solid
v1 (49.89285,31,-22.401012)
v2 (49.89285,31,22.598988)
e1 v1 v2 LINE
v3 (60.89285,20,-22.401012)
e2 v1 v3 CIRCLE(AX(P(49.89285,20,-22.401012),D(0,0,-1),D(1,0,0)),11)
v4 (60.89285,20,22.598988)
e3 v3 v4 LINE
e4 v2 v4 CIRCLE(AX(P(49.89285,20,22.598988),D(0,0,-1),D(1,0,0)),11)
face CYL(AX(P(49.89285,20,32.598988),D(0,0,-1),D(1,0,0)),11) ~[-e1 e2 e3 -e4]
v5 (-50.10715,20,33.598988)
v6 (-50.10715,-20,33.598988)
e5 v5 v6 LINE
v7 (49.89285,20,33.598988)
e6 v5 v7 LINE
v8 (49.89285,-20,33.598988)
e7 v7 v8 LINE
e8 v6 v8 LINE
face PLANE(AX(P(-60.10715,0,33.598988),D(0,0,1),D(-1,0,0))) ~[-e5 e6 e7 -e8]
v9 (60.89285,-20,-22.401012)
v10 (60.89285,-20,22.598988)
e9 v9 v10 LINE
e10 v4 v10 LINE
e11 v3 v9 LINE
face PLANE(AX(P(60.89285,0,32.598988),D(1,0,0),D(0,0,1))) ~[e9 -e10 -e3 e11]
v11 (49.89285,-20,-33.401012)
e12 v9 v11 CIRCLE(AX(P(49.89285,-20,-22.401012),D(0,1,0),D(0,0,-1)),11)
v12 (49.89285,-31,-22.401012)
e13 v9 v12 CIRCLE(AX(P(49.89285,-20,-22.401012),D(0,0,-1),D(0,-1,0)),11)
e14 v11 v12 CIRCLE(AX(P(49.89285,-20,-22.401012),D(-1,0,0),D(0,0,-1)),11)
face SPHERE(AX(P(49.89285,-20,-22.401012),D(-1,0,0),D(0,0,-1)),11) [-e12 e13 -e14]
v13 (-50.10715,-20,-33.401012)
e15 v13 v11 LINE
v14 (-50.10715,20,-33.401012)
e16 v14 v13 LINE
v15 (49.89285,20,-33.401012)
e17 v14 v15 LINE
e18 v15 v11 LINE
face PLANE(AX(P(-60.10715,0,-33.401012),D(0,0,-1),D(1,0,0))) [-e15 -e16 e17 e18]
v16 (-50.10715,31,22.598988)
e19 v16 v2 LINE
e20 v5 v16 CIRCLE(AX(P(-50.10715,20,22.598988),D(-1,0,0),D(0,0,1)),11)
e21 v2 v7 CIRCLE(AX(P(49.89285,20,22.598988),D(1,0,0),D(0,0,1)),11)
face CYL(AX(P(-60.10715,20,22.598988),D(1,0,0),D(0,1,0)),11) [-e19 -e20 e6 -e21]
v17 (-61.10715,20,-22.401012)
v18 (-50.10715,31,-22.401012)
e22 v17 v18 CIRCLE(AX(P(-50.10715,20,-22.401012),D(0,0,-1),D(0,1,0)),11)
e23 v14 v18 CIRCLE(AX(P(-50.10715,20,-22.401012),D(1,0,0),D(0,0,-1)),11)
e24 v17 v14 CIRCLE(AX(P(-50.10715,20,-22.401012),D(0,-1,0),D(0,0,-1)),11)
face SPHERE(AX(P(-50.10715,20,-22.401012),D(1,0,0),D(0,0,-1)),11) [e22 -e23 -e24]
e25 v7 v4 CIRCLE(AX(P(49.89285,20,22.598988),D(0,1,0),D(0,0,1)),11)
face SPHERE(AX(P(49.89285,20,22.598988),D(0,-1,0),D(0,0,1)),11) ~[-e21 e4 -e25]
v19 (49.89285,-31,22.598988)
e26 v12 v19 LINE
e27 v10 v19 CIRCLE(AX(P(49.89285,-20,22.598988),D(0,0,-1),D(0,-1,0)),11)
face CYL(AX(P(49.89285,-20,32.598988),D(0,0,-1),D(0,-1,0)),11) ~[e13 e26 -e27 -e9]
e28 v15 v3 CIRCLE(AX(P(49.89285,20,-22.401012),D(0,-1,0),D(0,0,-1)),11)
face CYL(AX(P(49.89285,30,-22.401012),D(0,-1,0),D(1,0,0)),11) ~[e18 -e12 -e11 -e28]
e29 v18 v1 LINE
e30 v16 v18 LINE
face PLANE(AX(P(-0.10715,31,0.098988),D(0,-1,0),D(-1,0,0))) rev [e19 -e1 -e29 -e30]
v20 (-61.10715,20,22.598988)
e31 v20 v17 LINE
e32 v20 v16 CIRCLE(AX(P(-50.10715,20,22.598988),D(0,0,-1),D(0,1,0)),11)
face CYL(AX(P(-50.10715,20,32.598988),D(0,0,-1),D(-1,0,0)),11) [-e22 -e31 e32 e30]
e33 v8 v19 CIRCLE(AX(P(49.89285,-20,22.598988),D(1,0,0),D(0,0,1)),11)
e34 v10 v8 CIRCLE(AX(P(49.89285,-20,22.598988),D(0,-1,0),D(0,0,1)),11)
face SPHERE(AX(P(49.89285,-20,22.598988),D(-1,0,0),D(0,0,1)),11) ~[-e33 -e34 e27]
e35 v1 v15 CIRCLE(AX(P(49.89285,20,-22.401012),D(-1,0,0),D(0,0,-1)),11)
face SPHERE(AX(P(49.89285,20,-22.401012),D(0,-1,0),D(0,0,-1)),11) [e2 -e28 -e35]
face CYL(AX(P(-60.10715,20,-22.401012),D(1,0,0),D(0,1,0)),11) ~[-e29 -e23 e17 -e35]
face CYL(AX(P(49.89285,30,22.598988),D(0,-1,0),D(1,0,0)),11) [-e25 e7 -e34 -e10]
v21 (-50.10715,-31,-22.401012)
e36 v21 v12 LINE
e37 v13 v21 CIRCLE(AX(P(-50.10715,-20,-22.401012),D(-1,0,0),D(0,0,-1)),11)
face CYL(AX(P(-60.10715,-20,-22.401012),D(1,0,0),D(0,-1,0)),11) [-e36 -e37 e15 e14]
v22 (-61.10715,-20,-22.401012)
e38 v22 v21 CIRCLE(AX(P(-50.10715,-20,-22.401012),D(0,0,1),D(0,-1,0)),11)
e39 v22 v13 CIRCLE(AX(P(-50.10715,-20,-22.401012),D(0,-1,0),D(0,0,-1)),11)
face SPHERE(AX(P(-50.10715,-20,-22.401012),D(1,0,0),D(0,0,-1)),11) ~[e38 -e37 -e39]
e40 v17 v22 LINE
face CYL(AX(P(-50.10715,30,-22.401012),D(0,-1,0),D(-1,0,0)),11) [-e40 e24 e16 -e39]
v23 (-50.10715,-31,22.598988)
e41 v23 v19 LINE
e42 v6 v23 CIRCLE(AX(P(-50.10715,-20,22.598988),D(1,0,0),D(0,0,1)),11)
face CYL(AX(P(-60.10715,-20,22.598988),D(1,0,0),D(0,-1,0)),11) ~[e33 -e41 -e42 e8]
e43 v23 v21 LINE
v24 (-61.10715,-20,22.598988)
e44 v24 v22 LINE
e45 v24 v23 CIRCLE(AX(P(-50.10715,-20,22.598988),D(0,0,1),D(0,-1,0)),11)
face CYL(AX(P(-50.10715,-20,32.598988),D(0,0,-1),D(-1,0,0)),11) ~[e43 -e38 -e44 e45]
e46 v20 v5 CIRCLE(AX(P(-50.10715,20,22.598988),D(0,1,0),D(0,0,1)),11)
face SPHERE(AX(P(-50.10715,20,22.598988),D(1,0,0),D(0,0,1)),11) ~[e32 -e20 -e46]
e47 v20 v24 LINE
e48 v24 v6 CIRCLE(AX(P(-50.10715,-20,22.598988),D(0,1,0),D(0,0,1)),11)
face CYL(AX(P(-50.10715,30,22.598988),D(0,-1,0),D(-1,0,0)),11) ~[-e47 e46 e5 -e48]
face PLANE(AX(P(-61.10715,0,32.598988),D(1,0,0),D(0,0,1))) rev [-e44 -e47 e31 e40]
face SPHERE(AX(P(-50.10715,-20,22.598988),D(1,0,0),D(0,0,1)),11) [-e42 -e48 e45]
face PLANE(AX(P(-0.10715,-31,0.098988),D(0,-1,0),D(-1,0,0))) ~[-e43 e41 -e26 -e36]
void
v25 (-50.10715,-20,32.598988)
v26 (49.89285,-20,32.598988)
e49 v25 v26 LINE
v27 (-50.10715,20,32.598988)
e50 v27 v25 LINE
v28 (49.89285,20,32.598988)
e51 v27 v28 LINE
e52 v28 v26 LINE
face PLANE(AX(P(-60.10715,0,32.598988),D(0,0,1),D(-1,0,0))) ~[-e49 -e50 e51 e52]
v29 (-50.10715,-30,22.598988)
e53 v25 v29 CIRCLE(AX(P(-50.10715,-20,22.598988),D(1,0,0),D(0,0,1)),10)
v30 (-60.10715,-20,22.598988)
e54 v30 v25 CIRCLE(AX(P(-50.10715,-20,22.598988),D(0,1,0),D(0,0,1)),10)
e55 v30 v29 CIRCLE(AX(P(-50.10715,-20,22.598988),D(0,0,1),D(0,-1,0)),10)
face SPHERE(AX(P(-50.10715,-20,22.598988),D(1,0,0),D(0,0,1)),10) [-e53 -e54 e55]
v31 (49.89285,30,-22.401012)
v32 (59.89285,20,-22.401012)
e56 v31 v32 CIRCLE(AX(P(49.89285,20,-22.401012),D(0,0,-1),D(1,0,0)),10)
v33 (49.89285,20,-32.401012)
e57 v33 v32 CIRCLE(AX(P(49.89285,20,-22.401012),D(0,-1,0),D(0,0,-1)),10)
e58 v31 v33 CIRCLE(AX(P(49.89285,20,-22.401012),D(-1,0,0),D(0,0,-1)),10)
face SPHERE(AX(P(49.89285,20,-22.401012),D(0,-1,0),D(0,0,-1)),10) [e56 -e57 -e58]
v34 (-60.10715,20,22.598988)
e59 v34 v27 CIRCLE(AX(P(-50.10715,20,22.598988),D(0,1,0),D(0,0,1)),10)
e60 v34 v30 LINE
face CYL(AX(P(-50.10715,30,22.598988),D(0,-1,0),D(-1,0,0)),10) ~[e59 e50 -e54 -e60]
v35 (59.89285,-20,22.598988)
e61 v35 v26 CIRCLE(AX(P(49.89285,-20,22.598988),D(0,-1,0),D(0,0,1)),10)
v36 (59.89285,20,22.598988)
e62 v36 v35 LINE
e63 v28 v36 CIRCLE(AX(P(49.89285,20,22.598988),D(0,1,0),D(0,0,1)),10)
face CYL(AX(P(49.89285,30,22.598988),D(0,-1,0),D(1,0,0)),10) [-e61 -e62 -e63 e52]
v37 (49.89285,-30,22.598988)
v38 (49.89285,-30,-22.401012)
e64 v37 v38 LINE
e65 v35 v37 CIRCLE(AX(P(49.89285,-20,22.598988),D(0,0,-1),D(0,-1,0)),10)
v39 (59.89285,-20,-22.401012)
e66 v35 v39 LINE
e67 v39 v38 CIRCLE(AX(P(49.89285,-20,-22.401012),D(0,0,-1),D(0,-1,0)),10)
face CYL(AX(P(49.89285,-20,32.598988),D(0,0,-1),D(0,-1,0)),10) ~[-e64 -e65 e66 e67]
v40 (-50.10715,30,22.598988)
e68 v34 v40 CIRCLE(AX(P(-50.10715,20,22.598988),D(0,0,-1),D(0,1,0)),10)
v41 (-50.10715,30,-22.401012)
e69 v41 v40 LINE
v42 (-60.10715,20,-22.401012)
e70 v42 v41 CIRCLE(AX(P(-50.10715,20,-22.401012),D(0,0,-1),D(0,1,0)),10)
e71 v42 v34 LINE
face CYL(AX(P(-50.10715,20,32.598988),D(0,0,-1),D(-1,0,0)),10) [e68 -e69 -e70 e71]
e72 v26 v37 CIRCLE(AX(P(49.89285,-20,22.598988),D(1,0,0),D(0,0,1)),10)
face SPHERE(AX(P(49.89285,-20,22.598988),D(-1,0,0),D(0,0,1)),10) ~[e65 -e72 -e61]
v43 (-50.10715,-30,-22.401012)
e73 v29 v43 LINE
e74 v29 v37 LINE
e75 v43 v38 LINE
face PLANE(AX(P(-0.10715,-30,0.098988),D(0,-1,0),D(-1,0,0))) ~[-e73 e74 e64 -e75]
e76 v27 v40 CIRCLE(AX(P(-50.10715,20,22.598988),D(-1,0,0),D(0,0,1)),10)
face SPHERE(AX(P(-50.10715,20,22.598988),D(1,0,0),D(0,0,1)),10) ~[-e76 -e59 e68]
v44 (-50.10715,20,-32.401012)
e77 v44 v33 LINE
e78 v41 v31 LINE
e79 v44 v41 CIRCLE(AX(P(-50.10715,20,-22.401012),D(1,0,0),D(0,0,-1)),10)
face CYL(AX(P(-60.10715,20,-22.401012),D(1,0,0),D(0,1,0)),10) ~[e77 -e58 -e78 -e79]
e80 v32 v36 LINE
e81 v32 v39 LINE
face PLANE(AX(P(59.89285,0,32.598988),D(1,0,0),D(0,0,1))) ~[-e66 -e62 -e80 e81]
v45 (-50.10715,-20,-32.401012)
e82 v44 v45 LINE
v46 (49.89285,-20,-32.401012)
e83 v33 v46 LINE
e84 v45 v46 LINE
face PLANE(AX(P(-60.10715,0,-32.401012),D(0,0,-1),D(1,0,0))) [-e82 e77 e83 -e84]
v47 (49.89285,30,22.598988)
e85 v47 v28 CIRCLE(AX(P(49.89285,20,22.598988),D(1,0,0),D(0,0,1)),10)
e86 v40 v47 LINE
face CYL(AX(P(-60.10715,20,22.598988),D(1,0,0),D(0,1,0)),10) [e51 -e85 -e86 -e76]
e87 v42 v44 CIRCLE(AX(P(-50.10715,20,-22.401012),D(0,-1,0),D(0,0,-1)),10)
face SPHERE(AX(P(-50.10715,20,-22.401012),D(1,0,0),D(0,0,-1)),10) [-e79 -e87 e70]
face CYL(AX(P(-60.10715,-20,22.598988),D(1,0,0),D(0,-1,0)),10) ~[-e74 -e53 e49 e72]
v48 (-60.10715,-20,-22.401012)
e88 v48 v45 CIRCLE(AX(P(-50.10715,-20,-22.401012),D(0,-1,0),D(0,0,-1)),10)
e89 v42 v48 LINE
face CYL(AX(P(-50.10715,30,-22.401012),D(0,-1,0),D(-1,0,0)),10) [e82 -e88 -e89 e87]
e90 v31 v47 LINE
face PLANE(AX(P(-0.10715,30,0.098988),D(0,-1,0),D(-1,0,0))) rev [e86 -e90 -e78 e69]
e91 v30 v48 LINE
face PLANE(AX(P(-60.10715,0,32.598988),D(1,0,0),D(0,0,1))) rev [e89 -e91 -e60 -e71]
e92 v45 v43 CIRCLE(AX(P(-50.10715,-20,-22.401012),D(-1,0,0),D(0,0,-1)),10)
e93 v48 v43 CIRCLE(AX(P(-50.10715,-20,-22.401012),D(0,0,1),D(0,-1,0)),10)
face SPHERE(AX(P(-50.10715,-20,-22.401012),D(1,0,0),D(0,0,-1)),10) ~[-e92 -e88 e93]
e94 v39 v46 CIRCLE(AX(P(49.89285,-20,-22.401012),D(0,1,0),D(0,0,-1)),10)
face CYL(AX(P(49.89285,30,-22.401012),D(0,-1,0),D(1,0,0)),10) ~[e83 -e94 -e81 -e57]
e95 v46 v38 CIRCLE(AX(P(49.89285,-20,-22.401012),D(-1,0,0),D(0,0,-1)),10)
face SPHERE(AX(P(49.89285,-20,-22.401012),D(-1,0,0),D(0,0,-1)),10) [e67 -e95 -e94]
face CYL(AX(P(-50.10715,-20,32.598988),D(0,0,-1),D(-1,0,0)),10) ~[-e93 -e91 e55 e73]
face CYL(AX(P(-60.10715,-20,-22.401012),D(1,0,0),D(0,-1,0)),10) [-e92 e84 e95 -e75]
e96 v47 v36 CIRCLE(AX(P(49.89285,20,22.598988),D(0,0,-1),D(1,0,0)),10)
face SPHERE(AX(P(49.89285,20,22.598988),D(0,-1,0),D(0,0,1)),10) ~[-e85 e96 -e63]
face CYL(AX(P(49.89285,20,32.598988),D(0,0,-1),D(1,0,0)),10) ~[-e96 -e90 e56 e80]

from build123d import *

# Parameters (mm, degrees)
F0_W     = 120
F0_H     = 65
F1_DEPTH = 30
F2_R     = 10
F3_W     = 158.2465842366
F3_H     = 88.3002289823
F4_DEPTH = 60
F5_T     = 1


with BuildPart() as f1:
    # F0 (on Front) → F1 (new body, symmetric)
    with BuildSketch(Plane.XZ):
        with Locations((-0.1071500592, 0.0989875504)):
            Rectangle(F0_W, F0_H)
    extrude(amount=F1_DEPTH, both=True)

    # F2
    f2_edges = [f1.edges().sort_by_distance(p)[0] for p in [
        (-0.10715, -30, -32.401012),
        (59.89285, 0, -32.401012),
        (-0.10715, 30, -32.401012),
        (-60.10715, 0, -32.401012),
        (-0.10715, -30, 32.598988),
        (59.89285, 0, 32.598988),
        (-60.10715, 0, 32.598988),
        (-0.10715, 30, 32.598988),
        (-60.10715, 30, 0.098988),
        (-60.10715, -30, 0.098988),
        (59.89285, -30, 0.098988),
        (59.89285, 30, 0.098988),
    ]]
    fillet(f2_edges, radius=F2_R)

    # F3 (on face) → F4 (cut)
    with BuildSketch(Plane.XZ.offset(30)):
        with Locations((1.5532188118, 44.2491020416)):
            Rectangle(F3_W, F3_H)
    extrude(amount=-F4_DEPTH, mode=Mode.SUBTRACT)

    # F5
    f5_openings = [f1.faces().sort_by_distance(p)[0] for p in [
        (-0.10715, 0, 0.098988),
    ]]
    offset(amount=F5_T, openings=f5_openings)

    # F6: F1 across face


with BuildPart() as f1_1:
    add(f1.part)
    add(f1.part.mirror(Plane(origin=(-0.1071500592, 0, 0.0989875504), x_dir=(1, 0, 0), z_dir=(0, 0, 1))))


solid = f1_1.part
